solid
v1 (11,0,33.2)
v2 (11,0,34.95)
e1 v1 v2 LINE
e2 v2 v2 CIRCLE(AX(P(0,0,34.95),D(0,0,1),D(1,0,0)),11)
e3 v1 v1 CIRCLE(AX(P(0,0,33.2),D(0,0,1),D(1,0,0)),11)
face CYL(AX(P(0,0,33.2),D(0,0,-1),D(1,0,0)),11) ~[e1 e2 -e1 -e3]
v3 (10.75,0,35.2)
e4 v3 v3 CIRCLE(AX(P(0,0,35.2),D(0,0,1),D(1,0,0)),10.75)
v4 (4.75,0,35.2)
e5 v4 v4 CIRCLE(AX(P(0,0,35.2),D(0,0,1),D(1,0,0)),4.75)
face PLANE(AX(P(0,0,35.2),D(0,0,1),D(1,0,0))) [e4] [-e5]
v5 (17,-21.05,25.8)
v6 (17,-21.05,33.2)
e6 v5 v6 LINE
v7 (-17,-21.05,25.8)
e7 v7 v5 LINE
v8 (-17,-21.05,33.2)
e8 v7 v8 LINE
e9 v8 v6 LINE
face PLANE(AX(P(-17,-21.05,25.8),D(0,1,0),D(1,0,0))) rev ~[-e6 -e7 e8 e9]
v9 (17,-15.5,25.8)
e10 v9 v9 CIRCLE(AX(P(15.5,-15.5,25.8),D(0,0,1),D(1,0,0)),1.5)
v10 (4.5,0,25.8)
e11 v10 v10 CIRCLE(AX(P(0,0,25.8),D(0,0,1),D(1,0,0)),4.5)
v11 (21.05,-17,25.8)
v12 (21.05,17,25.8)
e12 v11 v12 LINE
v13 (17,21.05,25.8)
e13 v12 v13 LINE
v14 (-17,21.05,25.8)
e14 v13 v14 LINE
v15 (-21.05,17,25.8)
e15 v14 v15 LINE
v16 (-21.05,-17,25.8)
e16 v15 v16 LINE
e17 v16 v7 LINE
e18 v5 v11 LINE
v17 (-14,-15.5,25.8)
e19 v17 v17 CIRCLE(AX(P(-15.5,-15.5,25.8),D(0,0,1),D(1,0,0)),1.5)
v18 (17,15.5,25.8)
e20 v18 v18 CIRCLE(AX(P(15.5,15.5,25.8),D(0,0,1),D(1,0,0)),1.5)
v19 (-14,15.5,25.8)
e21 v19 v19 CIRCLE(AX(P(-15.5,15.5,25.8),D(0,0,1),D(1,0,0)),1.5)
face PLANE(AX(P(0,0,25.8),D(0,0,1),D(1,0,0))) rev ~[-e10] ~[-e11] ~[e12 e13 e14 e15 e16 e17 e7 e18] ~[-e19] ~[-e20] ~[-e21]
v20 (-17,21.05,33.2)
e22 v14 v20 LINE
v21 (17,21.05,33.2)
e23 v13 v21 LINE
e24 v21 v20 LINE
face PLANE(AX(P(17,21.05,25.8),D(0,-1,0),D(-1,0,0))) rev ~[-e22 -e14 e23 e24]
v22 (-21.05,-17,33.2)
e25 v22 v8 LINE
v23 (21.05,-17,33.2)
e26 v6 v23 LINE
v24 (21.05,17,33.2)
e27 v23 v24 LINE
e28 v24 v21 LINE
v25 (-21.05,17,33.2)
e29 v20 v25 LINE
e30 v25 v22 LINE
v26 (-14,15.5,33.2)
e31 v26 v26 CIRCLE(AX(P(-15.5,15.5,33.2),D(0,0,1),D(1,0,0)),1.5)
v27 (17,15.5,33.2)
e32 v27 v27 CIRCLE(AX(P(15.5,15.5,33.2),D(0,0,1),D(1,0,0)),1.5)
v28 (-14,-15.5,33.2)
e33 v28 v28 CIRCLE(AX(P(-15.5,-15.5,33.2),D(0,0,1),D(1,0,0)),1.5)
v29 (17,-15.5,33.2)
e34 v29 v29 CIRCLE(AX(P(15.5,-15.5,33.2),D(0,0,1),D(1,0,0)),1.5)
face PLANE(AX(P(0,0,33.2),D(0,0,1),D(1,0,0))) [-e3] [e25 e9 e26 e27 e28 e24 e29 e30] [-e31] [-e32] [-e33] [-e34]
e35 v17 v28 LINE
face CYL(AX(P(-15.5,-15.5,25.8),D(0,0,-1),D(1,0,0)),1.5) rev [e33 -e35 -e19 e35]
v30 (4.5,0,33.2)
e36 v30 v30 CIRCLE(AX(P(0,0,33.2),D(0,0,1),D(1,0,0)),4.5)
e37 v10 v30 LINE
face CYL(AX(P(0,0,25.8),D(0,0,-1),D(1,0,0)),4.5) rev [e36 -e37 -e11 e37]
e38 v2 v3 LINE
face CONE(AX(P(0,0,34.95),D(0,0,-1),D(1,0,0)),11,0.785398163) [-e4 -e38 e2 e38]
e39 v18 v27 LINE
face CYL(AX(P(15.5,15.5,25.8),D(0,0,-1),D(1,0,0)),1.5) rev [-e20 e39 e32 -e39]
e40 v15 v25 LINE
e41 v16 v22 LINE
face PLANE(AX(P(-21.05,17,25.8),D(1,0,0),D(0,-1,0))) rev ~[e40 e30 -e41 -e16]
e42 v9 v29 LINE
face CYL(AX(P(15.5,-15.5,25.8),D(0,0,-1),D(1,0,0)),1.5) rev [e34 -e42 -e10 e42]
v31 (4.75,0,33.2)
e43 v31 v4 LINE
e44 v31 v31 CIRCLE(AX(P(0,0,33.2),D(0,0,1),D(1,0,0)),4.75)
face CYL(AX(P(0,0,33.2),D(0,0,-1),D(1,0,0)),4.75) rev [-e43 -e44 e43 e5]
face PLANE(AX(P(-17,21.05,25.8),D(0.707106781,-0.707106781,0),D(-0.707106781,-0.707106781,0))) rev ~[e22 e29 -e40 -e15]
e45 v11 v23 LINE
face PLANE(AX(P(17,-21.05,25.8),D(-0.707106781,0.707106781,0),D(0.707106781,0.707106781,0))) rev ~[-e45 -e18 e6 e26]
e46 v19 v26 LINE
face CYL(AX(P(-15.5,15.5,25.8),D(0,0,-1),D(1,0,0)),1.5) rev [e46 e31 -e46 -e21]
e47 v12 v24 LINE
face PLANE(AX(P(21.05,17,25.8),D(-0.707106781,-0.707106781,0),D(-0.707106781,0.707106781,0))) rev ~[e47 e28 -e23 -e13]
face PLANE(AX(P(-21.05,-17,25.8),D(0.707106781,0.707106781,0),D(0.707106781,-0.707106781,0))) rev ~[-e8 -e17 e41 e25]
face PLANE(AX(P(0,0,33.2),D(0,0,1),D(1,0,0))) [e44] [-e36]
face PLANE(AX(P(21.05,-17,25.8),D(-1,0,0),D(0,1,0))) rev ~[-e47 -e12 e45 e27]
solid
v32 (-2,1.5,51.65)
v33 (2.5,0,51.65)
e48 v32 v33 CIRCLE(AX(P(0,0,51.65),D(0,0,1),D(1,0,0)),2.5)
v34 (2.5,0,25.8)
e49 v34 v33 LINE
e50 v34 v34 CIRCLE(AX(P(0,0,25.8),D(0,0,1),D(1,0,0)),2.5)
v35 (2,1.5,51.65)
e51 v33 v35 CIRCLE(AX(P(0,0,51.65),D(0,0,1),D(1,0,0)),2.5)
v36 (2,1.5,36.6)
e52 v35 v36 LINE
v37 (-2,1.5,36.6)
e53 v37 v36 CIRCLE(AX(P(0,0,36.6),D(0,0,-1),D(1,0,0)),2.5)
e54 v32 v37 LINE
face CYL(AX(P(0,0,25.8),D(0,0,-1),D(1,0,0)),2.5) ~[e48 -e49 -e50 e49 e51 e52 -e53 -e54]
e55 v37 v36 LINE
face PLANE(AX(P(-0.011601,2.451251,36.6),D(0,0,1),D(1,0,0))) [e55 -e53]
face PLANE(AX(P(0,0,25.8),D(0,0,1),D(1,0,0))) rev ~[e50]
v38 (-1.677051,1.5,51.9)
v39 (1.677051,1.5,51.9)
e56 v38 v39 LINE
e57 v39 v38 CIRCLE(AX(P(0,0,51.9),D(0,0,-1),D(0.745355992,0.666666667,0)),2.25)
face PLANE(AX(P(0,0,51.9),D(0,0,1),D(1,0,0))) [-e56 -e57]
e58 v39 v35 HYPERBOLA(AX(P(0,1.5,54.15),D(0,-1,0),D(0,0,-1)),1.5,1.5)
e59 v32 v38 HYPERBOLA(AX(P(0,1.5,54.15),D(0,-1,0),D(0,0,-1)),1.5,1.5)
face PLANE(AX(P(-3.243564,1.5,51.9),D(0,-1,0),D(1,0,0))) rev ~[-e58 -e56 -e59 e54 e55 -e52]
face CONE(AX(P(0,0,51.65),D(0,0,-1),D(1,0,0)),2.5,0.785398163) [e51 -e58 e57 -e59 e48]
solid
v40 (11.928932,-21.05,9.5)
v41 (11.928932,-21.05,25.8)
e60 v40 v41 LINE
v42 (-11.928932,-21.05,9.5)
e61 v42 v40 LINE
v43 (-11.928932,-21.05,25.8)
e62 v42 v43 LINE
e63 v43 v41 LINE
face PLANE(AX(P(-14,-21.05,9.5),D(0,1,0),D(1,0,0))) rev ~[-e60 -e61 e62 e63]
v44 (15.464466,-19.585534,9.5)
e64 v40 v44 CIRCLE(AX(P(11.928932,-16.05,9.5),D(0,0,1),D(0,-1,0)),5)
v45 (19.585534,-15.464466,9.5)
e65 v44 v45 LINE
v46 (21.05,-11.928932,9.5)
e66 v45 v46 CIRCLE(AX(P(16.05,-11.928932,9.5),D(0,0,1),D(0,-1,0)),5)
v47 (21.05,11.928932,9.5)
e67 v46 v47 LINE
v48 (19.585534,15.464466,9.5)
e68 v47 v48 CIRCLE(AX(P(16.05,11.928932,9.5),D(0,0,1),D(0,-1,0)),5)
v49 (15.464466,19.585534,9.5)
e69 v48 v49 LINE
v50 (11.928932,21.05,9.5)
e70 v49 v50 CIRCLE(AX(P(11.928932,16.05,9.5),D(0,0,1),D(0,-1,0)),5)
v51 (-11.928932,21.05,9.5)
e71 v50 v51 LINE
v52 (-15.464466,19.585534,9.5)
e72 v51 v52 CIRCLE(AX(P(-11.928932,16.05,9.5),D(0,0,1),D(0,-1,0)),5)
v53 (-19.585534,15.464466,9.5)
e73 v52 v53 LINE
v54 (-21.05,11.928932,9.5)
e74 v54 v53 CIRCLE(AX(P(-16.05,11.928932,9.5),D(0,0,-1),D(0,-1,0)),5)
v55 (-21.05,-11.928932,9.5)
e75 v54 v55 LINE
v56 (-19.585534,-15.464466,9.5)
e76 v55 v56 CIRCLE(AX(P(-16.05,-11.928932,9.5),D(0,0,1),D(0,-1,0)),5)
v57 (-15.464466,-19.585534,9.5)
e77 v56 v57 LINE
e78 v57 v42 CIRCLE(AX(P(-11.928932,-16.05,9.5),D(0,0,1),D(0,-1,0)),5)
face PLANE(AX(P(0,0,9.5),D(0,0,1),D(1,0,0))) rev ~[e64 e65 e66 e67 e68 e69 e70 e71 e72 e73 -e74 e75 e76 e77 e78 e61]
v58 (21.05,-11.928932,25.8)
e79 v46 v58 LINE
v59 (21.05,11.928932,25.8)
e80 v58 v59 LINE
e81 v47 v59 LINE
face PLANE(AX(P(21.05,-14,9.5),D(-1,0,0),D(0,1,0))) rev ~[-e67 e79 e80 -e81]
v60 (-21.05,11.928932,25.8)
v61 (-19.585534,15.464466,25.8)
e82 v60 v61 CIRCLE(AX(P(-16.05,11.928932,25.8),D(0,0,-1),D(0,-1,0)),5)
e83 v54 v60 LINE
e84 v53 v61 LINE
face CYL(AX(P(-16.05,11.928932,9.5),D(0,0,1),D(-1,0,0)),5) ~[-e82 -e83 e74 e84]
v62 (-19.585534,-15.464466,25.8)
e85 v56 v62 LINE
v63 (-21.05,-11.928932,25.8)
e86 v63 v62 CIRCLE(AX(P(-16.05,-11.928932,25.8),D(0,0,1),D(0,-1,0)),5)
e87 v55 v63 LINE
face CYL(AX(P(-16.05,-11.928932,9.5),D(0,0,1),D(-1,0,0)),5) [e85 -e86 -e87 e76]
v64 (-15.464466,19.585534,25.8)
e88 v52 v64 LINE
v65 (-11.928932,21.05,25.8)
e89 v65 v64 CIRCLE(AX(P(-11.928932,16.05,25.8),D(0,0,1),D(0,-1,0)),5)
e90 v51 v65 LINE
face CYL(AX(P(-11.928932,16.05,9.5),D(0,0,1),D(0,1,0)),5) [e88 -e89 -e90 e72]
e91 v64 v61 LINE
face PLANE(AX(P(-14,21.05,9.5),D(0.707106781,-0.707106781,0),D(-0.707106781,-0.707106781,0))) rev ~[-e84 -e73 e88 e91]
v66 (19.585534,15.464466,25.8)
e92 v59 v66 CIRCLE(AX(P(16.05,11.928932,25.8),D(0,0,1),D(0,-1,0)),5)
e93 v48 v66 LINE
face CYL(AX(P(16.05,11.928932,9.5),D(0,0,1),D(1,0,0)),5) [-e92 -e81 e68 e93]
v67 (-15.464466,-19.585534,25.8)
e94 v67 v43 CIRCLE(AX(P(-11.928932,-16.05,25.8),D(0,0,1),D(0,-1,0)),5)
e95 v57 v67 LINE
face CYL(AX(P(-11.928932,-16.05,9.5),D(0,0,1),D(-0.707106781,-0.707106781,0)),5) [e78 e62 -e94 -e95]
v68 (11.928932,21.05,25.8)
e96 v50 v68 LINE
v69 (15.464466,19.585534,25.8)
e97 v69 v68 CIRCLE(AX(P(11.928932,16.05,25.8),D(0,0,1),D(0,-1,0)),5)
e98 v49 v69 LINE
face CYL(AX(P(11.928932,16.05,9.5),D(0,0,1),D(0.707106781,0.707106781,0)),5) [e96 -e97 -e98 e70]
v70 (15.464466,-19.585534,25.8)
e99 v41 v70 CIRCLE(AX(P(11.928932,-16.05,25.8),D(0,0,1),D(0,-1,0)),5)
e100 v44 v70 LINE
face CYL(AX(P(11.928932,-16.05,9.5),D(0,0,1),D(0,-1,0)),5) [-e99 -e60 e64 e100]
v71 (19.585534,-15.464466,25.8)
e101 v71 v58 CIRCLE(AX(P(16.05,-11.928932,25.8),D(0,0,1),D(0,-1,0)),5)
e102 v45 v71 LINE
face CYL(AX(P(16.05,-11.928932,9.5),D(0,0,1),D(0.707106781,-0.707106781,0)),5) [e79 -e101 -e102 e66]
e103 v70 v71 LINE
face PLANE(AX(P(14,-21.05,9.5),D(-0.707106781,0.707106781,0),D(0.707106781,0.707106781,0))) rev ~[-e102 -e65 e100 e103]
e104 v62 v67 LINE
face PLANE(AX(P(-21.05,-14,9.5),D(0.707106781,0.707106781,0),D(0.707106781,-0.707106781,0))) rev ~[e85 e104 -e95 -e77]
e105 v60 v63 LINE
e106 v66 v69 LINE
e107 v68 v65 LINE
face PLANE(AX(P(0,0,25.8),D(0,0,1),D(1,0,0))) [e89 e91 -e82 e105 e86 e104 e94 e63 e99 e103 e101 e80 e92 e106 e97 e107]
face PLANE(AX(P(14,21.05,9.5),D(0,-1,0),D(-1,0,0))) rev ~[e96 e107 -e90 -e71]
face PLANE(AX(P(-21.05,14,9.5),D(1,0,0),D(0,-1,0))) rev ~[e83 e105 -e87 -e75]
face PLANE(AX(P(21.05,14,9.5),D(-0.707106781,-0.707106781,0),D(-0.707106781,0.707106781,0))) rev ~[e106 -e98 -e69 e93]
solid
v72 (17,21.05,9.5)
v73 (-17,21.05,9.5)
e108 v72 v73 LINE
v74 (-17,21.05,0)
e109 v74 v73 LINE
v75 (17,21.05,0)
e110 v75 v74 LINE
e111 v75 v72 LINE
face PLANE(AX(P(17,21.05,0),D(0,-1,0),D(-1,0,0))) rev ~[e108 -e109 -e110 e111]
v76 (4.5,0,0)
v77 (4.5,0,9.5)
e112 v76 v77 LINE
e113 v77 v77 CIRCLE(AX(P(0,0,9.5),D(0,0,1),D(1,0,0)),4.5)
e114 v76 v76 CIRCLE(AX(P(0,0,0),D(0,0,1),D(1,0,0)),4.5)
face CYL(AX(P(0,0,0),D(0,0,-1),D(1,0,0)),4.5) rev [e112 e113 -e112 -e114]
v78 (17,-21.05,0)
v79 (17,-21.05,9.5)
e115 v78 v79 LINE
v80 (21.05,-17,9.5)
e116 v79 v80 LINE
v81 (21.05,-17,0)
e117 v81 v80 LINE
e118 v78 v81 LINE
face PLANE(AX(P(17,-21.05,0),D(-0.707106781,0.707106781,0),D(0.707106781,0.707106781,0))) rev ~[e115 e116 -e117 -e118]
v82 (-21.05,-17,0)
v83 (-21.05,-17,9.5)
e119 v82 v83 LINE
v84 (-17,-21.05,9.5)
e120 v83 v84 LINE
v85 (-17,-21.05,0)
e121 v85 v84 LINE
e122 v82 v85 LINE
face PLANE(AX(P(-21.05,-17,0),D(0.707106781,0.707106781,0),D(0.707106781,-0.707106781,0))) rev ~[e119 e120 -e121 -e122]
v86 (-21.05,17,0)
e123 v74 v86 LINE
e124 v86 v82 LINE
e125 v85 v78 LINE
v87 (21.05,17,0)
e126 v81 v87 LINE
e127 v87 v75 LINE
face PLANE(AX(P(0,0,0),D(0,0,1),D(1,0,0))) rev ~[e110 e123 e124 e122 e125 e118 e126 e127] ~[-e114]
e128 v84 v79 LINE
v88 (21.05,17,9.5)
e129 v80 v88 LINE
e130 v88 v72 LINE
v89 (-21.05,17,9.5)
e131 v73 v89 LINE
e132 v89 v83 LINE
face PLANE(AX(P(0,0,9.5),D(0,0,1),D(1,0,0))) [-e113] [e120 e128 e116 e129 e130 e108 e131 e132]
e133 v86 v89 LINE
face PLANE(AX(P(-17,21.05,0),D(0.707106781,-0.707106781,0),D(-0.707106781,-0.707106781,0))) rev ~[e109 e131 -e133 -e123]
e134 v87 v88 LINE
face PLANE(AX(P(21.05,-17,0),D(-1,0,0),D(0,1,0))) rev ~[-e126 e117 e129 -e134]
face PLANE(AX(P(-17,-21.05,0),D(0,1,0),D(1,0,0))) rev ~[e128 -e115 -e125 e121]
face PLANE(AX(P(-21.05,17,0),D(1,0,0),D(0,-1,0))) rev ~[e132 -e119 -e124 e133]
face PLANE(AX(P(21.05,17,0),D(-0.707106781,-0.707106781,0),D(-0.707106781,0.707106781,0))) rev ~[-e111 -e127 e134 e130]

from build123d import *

# Parameters (mm, degrees)
F0_R      = 4.5
F1_DEPTH  = 9.5
F3_DEPTH  = 16.3
F4_R      = 1.5
F4_R_2    = 4.5
F5_DEPTH  = 7.4
F6_R      = 11
F6_R_2    = 4.75
F7_DEPTH  = 2
F8_SIZE   = 0.25
F9_R      = 2.5
F10_DEPTH = 26.1
F11_SIZE  = 0.25
F12_W     = 6.4639246052
F12_H     = 1.9025028002
F13_DEPTH = 15.3
F14_R     = 5


with BuildPart() as f1:
    # F0 (on Top) → F1 (new body)
    with BuildSketch(Plane.XY):
        Polygon((17, 21.05), (0, 21.05), (-17, 21.05), (-21.05, 17), (-21.05, 0), (-21.05, -17), (-17, -21.05), (0, -21.05), (17, -21.05), (21.05, -17), (21.05, 0), (21.05, 17), align=None)
        Circle(F0_R, mode=Mode.SUBTRACT)
    extrude(amount=F1_DEPTH)


with BuildPart() as f3:
    # F2 (on face) → F3 (new body)
    with BuildSketch(Plane.XY.offset(9.5)):
        Polygon((-21.05, 14), (-21.05, 0), (-21.05, -14), (-14, -21.05), (0, -21.05), (14, -21.05), (21.05, -14), (21.05, 0), (21.05, 14), (14, 21.05), (0, 21.05), (-14, 21.05), align=None)
    extrude(amount=F3_DEPTH)

    # F14
    f14_edges = [f3.edges().sort_by_distance(p)[0] for p in [
        (14, 21.05, 17.65),
        (21.05, 14, 17.65),
        (21.05, -14, 17.65),
        (14, -21.05, 17.65),
        (-14, -21.05, 17.65),
        (-21.05, -14, 17.65),
        (-21.05, 14, 17.65),
        (-14, 21.05, 17.65),
    ]]
    fillet(f14_edges, radius=F14_R)


with BuildPart() as f5:
    # F4 (on face) → F5 (new body)
    with BuildSketch(Plane.XY.offset(25.8)):
        Polygon((16.9999995679, 21.0500004321), (-4.321e-07, 21.0500004321), (-17.0000004321, 21.0500004321), (-21.0500004321, 17.0000004321), (-21.0500004321, 4.321e-07), (-21.0500004321, -16.9999995679), (-17.0000004321, -21.0499995679), (-4.321e-07, -21.0499995679), (16.9999995679, -21.0499995679), (21.0499995679, -16.9999995679), (21.0499995679, 4.321e-07), (21.0499995679, 17.0000004321), align=None)
        with Locations((-15.5, -15.5)):
            Circle(F4_R, mode=Mode.SUBTRACT)
        with Locations((15.5, -15.5)):
            Circle(F4_R, mode=Mode.SUBTRACT)
        with Locations((-4.321e-07, 4.321e-07)):
            Circle(F4_R_2, mode=Mode.SUBTRACT)
        with Locations((-15.5, 15.5)):
            Circle(F4_R, mode=Mode.SUBTRACT)
        with Locations((15.5, 15.5)):
            Circle(F4_R, mode=Mode.SUBTRACT)
    extrude(amount=F5_DEPTH)

    # F6 (on face) → F7 (join)
    with BuildSketch(Plane.XY.offset(33.2)):
        with Locations((-4.321e-07, 4.321e-07)):
            Circle(F6_R)
        with Locations((-4.321e-07, 4.321e-07)):
            Circle(F6_R_2, mode=Mode.SUBTRACT)
    extrude(amount=F7_DEPTH)

    # F8
    f8_edges = [f5.edges().sort_by_distance(p)[0] for p in [
        (-11, 0, 35.2),
    ]]
    chamfer(f8_edges, length=F8_SIZE)


with BuildPart() as f10:
    # F9 (on face) → F10 (new body)
    with BuildSketch(Plane.XY.offset(25.8)):
        Circle(F9_R)
    extrude(amount=F10_DEPTH)

    # F11
    f11_edges = [f10.edges().sort_by_distance(p)[0] for p in [
        (-2.5, 0, 51.9),
    ]]
    chamfer(f11_edges, length=F11_SIZE)

    # F12 (on face) → F13 (cut)
    with BuildSketch(Plane.XY.offset(51.9)):
        with Locations((-0.0116014853, 2.4512514001)):
            Rectangle(F12_W, F12_H)
    extrude(amount=-F13_DEPTH, mode=Mode.SUBTRACT)


solid = Compound([f1.part, f3.part, f5.part, f10.part])
